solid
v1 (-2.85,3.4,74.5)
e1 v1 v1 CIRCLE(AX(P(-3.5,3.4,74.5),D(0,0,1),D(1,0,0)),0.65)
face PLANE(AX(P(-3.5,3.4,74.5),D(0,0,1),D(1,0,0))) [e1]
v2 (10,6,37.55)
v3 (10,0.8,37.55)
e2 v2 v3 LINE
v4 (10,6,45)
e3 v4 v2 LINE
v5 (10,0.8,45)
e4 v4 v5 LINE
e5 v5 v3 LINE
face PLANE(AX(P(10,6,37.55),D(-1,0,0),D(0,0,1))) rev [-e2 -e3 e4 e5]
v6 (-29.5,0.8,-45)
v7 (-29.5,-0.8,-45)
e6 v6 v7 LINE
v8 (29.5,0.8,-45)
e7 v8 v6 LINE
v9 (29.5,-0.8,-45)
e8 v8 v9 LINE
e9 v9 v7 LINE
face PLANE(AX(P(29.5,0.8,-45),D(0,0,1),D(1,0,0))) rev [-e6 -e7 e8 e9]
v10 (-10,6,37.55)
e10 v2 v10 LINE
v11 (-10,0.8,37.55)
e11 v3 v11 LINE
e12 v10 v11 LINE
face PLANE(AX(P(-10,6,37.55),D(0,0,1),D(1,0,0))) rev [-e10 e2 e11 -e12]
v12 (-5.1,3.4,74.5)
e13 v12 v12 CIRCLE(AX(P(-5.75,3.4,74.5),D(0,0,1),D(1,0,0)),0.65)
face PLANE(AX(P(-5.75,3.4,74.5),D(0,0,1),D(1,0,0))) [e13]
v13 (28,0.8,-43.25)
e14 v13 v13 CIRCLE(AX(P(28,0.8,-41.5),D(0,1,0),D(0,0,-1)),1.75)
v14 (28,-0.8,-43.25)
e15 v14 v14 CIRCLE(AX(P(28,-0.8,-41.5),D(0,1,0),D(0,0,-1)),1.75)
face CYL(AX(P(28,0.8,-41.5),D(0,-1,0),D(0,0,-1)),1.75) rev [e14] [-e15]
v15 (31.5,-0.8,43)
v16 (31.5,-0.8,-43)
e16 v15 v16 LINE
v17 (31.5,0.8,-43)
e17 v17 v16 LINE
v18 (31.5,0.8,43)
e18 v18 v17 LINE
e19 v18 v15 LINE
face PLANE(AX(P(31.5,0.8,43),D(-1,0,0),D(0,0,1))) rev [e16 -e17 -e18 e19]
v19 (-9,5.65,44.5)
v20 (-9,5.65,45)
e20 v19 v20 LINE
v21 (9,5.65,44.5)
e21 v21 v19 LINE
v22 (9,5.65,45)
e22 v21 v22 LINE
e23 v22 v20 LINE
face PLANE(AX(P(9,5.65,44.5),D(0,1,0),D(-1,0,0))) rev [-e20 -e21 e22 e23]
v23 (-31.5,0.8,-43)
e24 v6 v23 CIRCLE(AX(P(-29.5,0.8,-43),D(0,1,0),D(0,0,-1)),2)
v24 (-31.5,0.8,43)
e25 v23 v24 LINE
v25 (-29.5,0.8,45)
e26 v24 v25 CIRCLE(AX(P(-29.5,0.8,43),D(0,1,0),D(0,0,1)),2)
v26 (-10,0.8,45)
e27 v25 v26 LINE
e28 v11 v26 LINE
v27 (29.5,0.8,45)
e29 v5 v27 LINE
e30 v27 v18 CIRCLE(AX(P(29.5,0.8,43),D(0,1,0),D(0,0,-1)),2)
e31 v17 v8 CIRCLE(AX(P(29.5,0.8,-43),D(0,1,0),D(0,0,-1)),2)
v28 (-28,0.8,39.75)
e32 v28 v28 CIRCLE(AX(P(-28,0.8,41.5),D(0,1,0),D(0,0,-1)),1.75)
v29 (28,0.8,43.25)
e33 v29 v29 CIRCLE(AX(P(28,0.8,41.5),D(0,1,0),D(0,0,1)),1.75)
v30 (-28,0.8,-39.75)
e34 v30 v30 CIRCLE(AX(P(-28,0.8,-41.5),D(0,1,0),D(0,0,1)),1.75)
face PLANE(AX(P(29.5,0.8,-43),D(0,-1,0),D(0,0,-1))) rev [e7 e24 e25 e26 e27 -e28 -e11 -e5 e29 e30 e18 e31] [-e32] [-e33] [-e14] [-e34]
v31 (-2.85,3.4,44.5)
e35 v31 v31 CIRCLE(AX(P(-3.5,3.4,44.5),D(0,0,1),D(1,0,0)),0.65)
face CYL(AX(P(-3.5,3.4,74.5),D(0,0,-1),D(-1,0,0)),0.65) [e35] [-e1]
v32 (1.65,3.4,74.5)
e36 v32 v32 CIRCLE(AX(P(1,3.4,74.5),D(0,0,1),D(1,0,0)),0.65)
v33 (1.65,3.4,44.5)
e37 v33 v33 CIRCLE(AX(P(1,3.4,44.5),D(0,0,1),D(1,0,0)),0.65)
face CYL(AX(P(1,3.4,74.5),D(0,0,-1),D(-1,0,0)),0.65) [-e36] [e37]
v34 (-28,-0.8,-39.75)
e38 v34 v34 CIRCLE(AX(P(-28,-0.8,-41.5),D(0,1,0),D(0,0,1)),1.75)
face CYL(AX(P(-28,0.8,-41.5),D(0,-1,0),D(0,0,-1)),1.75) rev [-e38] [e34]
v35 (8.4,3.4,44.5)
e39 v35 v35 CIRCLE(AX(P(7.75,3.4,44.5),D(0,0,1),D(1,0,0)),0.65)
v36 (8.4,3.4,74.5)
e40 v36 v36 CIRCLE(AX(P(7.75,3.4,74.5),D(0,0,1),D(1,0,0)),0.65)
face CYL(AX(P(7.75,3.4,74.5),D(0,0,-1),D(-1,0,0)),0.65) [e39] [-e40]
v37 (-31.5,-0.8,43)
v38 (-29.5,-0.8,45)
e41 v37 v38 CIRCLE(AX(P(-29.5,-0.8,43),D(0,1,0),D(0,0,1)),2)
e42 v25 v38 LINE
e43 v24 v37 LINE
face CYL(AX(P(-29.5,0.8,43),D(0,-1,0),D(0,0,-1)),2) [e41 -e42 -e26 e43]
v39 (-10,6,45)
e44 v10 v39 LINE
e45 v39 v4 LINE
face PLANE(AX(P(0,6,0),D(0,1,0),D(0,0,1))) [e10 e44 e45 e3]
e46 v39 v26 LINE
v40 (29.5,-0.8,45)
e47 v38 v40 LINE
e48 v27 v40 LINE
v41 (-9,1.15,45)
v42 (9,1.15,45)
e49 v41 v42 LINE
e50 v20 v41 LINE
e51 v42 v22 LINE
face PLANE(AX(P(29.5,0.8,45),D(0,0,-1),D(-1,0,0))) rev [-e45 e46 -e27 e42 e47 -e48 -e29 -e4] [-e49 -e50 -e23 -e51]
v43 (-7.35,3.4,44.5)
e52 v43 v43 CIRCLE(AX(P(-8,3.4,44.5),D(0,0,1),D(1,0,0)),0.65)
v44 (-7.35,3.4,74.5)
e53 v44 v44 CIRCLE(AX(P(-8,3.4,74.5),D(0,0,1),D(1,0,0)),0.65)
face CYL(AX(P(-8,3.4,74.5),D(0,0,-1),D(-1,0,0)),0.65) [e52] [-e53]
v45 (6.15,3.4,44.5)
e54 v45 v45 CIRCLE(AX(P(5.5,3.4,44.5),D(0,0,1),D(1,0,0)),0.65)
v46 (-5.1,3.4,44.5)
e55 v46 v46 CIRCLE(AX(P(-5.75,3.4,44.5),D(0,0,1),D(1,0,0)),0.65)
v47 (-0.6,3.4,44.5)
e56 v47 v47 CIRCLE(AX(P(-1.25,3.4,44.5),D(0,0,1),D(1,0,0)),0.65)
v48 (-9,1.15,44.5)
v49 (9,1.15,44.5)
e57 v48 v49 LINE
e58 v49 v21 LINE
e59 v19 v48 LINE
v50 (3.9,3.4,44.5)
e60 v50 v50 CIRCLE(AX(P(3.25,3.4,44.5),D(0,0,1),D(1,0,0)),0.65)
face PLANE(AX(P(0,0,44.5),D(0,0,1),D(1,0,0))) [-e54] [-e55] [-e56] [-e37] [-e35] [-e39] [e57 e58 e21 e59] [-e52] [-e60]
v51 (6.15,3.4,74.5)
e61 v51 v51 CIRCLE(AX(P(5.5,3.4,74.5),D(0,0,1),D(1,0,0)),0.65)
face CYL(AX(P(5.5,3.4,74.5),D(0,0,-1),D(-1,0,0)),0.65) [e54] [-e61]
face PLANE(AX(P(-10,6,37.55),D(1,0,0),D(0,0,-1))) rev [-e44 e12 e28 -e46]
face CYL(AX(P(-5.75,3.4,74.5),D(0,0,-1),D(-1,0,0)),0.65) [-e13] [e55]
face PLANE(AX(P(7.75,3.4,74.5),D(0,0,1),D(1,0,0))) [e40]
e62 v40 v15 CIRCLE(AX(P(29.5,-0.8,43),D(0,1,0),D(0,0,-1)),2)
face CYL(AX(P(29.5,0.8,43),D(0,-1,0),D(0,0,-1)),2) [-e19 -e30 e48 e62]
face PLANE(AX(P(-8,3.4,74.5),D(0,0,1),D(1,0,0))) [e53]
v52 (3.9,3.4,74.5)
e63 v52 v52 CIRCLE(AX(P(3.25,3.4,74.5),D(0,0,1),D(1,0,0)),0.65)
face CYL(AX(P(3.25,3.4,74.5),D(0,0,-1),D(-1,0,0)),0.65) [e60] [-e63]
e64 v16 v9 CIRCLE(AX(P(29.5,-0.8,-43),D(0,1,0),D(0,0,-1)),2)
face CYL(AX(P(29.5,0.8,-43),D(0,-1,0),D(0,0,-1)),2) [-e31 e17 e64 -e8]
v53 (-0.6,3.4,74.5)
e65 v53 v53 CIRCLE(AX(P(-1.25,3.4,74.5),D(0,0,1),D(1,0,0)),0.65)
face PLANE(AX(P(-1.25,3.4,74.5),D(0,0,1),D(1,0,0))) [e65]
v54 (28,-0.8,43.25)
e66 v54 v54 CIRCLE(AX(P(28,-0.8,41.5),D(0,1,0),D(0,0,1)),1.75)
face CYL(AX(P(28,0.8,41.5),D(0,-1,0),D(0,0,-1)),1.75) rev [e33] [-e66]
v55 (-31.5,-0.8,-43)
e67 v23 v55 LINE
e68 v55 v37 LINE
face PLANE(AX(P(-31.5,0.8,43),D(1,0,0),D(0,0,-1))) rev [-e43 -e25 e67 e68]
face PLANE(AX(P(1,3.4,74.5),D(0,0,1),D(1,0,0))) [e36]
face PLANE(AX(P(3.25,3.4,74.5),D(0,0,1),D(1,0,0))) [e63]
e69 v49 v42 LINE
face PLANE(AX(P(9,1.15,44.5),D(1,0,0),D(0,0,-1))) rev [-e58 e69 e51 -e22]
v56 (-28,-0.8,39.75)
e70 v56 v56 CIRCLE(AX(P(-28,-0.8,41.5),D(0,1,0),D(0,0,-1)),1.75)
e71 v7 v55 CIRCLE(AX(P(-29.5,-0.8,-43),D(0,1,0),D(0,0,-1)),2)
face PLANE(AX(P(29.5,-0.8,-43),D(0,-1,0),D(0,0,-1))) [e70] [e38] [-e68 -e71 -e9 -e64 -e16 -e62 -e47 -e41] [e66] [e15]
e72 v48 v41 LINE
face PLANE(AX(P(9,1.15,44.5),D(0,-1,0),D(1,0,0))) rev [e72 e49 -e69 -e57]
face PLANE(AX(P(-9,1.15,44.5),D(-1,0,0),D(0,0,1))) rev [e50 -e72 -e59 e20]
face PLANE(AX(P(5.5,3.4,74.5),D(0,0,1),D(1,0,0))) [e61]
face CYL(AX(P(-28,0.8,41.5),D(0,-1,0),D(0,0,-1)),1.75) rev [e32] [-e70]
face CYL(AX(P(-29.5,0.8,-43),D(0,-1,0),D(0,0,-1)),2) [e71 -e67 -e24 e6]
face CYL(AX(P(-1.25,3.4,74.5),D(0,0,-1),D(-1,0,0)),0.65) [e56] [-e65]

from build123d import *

# Parameters (mm, degrees)
SKETCH1_R           = 1.75
BOSS_EXTRUDE1_DEPTH = 0.8
SKETCH2_W           = 20
SKETCH2_H           = 7.45
BOSS_EXTRUDE2_DEPTH = 5.2
SKETCH3_W           = 18
SKETCH3_H           = 4.5
CUT_EXTRUDE1_DEPTH  = 0.5
SKETCH4_R           = 0.65
BOSS_EXTRUDE3_DEPTH = 30


with BuildPart() as part:
    # Sketch1 → Boss-Extrude1 (new, symmetric)
    with BuildSketch(Plane(origin=(0, 0, 0), x_dir=(1, 0, 0), z_dir=(0, 1, 0))):
        with BuildLine():
            Line((29.5, -45), (-29.5, -45))
            ThreePointArc((-29.5, -45), (-30.914213562, -44.414213562), (-31.5, -43))
            Line((-31.5, -43), (-31.5, 43))
            ThreePointArc((-31.5, 43), (-30.914213562, 44.414213562), (-29.5, 45))
            Line((-29.5, 45), (29.5, 45))
            ThreePointArc((29.5, 45), (30.914213562, 44.414213562), (31.5, 43))
            Line((31.5, 43), (31.5, -43))
            ThreePointArc((31.5, -43), (30.914213562, -44.414213562), (29.5, -45))
        make_face()
        with Locations(Location((-28, 41.5, 0), (0, 0, 270))):
            Circle(SKETCH1_R, mode=Mode.SUBTRACT)
        with Locations(Location((28, 41.5, 0), (0, 0, 90))):
            Circle(SKETCH1_R, mode=Mode.SUBTRACT)
        with Locations(Location((28, -41.5, 0), (0, 0, 270))):
            Circle(SKETCH1_R, mode=Mode.SUBTRACT)
        with Locations(Location((-28, -41.5, 0), (0, 0, 90))):
            Circle(SKETCH1_R, mode=Mode.SUBTRACT)
    extrude(amount=BOSS_EXTRUDE1_DEPTH, both=True)

    # Sketch2 → Boss-Extrude2 (add)
    with BuildSketch(Plane(origin=(0, 0.8, 0), x_dir=(1, 0, 0), z_dir=(0, 1, 0))):
        with Locations((0, -41.275)):
            Rectangle(SKETCH2_W, SKETCH2_H)
    extrude(amount=BOSS_EXTRUDE2_DEPTH)

    # Sketch3 → Cut-Extrude1 (cut)
    with BuildSketch(Plane.XY.offset(45)):
        with Locations((0, 3.4)):
            Rectangle(SKETCH3_W, SKETCH3_H)
    extrude(amount=-CUT_EXTRUDE1_DEPTH, mode=Mode.SUBTRACT)

    # Sketch4 → Boss-Extrude3 (add)
    with BuildSketch(Plane.XY.offset(44.5)):
        with Locations((-8, 3.4)):
            Circle(SKETCH4_R)
        with Locations((-5.75, 3.4)):
            Circle(SKETCH4_R)
        with Locations((-3.5, 3.4)):
            Circle(SKETCH4_R)
        with Locations((-1.25, 3.4)):
            Circle(SKETCH4_R)
        with Locations((1, 3.4)):
            Circle(SKETCH4_R)
        with Locations((3.25, 3.4)):
            Circle(SKETCH4_R)
        with Locations((5.5, 3.4)):
            Circle(SKETCH4_R)
        with Locations((7.75, 3.4)):
            Circle(SKETCH4_R)
    extrude(amount=BOSS_EXTRUDE3_DEPTH)


solid = part.part
